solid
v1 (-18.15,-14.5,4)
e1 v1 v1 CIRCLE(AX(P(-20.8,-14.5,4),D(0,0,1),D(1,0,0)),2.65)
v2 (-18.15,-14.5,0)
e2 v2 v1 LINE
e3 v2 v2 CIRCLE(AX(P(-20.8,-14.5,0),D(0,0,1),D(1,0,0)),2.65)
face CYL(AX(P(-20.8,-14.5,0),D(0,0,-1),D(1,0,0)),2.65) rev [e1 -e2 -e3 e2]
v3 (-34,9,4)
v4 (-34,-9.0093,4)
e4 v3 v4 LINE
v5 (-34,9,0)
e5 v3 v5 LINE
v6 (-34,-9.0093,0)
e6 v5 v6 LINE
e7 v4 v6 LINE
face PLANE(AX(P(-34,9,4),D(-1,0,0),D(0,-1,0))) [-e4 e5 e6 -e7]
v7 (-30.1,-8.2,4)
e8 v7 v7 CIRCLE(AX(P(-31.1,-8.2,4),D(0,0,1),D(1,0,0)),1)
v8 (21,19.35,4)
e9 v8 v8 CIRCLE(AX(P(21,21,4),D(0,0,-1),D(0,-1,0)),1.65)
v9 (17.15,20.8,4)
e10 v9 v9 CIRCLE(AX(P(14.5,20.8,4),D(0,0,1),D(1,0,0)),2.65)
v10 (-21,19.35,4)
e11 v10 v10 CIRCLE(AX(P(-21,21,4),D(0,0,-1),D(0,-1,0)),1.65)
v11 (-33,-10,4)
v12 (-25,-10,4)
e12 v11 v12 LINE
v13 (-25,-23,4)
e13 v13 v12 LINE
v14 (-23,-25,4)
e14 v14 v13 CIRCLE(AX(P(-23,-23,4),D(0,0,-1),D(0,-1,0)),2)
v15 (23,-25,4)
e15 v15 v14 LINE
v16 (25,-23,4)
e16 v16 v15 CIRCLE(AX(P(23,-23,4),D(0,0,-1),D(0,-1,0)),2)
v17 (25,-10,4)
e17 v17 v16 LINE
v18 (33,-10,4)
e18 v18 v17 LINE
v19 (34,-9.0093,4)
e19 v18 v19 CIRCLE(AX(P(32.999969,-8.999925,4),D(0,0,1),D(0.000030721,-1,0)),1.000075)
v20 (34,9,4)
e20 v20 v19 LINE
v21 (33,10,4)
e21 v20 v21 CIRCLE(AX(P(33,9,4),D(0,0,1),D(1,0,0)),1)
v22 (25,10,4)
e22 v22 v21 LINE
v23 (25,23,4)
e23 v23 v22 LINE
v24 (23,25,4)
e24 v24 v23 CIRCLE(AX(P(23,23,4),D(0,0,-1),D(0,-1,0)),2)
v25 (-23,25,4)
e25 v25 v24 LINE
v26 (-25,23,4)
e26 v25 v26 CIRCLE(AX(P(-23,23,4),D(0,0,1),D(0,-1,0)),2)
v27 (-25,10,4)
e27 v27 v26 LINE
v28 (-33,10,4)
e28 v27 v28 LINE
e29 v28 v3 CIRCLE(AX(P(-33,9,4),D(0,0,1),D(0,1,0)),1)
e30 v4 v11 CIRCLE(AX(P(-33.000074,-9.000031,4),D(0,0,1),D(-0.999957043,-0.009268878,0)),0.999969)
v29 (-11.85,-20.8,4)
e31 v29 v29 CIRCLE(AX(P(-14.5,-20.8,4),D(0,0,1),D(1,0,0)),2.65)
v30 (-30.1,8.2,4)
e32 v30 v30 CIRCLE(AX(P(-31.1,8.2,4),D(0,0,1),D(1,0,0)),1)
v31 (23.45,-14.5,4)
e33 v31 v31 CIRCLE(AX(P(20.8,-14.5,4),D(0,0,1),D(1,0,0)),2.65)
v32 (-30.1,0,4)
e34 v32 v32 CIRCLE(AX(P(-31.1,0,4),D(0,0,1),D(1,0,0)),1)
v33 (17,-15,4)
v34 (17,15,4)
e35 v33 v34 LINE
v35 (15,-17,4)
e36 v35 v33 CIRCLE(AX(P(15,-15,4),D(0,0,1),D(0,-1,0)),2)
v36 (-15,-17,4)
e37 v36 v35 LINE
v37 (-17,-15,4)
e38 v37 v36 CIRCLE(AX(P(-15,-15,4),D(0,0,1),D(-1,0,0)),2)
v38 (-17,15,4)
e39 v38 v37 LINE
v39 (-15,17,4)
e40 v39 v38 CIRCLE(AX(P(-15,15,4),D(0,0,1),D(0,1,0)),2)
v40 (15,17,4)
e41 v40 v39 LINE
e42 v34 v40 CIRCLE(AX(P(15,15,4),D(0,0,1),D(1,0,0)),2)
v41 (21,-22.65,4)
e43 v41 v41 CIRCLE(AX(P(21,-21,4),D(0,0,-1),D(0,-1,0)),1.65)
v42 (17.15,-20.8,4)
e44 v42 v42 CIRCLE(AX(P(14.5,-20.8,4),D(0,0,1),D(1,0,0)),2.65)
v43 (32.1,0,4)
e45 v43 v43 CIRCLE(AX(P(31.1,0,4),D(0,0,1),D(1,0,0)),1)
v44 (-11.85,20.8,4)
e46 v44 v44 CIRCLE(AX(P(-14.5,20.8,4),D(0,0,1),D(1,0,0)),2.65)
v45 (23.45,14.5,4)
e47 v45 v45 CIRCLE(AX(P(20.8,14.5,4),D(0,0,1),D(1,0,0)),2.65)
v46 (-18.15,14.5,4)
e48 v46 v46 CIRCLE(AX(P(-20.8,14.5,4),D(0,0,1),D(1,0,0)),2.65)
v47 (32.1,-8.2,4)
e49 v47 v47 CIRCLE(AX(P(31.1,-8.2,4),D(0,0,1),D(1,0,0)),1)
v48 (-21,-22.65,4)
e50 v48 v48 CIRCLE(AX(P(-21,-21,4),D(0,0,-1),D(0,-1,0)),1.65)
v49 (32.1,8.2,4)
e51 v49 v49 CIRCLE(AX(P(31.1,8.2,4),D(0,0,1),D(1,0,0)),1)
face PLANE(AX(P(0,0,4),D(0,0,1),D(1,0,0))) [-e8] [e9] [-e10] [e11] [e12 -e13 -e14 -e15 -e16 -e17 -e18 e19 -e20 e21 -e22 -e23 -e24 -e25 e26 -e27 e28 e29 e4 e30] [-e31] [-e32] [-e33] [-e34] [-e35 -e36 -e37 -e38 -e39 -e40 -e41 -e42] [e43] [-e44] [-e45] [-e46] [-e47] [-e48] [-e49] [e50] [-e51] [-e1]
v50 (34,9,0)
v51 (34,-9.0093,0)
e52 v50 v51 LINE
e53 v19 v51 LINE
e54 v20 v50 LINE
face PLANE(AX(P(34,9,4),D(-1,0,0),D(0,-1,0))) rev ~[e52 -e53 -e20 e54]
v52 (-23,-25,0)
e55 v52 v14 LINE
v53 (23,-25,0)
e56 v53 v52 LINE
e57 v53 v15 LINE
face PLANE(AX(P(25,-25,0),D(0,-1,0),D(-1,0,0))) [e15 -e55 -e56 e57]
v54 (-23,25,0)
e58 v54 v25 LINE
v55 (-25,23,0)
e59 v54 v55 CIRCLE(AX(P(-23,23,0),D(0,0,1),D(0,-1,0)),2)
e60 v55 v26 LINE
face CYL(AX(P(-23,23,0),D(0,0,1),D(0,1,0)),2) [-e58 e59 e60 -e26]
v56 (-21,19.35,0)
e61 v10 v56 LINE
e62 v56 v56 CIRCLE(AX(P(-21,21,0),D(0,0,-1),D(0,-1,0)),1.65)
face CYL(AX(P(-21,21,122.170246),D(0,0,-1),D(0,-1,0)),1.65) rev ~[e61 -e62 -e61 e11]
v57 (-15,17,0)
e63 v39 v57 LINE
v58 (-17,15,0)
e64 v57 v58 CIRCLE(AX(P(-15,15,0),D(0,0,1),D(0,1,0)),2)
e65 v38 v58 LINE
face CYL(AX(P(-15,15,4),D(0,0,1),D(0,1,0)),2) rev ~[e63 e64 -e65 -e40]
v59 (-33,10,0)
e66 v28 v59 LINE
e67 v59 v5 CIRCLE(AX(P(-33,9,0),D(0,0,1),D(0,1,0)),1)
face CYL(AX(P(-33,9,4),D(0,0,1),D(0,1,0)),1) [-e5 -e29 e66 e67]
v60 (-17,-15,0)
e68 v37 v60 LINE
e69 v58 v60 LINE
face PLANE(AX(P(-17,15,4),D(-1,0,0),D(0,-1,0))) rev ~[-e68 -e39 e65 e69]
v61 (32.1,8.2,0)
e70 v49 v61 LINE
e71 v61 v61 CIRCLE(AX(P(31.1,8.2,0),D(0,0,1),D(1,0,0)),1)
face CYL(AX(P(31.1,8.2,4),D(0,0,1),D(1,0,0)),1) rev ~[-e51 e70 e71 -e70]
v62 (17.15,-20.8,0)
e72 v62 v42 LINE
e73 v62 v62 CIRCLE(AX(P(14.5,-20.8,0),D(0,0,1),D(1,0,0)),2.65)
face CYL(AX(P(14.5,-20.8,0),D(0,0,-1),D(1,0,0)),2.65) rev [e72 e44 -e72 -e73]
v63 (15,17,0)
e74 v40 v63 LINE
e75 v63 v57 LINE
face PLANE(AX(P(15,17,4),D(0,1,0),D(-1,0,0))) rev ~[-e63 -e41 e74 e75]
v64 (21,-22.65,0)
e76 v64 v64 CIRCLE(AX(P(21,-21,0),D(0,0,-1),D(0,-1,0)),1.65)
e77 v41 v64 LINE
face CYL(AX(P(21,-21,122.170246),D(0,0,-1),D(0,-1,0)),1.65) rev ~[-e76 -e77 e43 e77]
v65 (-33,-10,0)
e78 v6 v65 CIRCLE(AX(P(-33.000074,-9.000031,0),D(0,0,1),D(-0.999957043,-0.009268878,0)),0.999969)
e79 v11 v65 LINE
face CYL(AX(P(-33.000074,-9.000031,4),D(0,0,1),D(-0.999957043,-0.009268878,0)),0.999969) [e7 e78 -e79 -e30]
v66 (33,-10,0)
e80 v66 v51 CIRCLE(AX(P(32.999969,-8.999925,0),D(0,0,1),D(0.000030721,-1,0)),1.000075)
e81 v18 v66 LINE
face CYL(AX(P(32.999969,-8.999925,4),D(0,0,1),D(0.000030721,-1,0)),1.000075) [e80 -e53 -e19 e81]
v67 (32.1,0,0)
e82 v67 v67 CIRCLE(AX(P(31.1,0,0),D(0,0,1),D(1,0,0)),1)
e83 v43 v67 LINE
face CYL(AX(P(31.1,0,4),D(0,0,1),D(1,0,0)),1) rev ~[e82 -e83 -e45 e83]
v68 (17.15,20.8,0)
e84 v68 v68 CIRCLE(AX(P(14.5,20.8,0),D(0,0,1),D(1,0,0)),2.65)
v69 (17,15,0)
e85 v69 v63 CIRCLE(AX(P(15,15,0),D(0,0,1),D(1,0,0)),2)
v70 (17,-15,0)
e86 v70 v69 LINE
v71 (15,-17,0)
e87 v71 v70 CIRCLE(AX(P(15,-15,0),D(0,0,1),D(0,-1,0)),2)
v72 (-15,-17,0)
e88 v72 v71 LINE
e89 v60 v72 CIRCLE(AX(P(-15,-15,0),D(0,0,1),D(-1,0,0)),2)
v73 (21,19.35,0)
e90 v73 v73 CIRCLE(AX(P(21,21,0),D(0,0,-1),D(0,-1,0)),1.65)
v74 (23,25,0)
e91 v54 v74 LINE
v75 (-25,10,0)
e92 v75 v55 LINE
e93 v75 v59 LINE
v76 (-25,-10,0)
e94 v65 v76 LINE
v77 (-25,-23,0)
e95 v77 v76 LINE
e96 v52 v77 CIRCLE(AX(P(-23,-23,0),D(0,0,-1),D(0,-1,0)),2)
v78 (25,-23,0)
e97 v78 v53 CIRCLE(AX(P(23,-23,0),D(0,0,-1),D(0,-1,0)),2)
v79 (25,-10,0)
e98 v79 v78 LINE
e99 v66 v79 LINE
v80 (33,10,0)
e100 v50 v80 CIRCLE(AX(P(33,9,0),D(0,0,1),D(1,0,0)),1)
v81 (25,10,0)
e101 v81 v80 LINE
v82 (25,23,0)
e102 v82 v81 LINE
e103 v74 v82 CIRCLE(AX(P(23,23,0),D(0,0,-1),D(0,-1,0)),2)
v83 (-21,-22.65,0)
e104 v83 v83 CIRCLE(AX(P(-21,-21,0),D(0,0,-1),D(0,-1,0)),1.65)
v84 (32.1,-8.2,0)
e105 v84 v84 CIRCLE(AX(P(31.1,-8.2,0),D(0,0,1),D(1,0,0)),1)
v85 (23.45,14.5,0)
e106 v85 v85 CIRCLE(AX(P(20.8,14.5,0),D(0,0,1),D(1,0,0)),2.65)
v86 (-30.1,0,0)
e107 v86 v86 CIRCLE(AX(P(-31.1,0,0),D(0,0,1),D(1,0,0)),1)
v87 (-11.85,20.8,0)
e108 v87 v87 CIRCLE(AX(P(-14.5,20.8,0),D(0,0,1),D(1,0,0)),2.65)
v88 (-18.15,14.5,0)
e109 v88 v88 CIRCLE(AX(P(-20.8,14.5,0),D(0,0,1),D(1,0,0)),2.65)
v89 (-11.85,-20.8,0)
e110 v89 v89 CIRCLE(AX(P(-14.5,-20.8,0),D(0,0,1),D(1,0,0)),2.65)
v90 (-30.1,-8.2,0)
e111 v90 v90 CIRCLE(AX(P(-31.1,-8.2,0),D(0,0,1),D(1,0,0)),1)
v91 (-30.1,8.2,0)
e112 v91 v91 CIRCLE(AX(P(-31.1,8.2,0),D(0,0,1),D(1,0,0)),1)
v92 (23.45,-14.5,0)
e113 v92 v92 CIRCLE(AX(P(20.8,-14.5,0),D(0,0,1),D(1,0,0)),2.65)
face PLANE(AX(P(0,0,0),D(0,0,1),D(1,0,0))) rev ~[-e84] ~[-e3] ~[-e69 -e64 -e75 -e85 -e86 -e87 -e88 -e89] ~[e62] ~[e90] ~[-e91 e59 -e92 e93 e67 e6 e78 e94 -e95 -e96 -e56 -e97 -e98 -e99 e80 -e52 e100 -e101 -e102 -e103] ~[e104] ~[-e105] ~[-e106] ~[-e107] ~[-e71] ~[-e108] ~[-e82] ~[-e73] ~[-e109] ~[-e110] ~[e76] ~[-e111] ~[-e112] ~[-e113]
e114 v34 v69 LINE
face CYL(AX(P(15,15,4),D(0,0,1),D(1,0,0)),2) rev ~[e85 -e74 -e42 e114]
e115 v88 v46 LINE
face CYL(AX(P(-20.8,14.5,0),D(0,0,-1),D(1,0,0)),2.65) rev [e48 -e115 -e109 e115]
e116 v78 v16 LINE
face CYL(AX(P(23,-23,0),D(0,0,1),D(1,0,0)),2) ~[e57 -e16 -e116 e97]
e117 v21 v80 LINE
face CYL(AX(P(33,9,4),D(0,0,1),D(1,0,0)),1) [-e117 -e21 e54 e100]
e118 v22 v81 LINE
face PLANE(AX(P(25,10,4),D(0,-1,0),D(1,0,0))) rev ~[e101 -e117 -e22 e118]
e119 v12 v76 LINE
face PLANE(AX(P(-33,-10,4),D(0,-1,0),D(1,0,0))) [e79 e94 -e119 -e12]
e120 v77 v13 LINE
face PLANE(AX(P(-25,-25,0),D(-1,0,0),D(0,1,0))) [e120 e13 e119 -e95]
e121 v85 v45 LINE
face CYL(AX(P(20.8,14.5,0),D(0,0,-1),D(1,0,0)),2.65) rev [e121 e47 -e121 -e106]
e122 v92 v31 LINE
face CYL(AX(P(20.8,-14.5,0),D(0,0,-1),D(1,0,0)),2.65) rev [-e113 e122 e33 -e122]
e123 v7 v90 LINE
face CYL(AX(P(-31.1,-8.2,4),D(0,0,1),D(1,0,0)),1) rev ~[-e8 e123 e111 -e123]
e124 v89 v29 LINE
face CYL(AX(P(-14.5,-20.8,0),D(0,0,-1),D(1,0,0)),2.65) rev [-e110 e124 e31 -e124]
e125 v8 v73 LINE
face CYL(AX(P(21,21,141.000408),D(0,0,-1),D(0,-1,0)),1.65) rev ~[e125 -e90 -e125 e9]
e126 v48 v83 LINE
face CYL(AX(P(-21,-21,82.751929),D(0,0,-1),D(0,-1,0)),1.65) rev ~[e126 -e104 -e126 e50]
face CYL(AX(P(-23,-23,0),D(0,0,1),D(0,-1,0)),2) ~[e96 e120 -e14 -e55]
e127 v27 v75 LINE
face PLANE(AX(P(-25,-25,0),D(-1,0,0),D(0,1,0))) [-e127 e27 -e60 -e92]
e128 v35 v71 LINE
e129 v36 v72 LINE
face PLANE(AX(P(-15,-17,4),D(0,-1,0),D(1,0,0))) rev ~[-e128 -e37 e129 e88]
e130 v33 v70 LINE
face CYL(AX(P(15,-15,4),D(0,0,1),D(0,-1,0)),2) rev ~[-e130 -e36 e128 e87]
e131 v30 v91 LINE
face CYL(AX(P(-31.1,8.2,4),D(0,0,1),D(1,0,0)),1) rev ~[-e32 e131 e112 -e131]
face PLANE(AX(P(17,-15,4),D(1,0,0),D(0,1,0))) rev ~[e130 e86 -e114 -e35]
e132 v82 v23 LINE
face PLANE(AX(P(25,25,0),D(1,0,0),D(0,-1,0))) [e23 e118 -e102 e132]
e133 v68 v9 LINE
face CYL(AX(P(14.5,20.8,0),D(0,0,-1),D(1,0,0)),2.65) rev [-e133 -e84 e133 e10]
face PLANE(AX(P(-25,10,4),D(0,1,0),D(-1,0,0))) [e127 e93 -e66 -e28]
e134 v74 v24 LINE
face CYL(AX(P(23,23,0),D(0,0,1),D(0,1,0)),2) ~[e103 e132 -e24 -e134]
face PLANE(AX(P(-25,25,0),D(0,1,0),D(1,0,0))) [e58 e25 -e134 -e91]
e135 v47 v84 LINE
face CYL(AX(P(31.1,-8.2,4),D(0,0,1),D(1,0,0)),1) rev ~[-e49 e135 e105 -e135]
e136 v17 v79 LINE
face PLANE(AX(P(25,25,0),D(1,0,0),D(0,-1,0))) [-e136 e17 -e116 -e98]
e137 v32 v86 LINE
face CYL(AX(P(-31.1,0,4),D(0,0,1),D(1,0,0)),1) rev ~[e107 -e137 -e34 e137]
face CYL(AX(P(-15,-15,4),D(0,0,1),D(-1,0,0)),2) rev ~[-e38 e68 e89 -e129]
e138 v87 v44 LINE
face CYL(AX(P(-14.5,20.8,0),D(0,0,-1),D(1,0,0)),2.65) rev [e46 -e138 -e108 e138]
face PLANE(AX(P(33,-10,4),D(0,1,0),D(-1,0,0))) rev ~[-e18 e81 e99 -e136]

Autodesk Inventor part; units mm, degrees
ref_plane "YZ Plane" through (0, 0, 0) normal (1, 0, 0) x (0, 1, 0)
ref_plane "XZ Plane" through (0, 0, 0) normal (0, 1, 0) x (-1, 0, 0)
sketch "Sketch1" plane through (0, 0, 0) normal (0, 0, 1) x (1, 0, 0)
  line L0 (-25, 25) -> (25, 25)
  line L1 (25, 25) -> (25, -25)
  line L2 (25, -25) -> (-25, -25)
  line L3 (-25, -25) -> (-25, 25)
  line L4 (-25, 25) -> (25, -25) construction
  line L5 (25, 25) -> (-25, -25) construction
  circle A0 centre (0, 0) radius 2.5
  circle A1 centre (-20.8, -14.5) radius 2.65
  circle A2 centre (-14.5, -20.8) radius 2.65
  circle A3 centre (-20.8, 14.5) radius 2.65
  circle A4 centre (20.8, -14.5) radius 2.65
  circle A5 centre (20.8, 14.5) radius 2.65
  circle A6 centre (-14.5, 20.8) radius 2.65
  circle A7 centre (14.5, -20.8) radius 2.65
  circle A8 centre (14.5, 20.8) radius 2.65
  dimension "d0" = 50
  dimension "d1" = 50
  dimension "d2" = 5
  dimension "d5" = 5.3
  dimension "d6" = 4.2
  dimension "d8" = 10.5
  dimension "d11" = 29
  dimension "d14" = 41.6
extrude "Extrusion1" add sketch "Sketch1" along normal blind 4
fillet "Fillet1" radius 2 4 edges at (-25, 25, 2) (25, 25, 2) (-25, -25, 2) (25, -25, 2)
sketch "Sketch2" plane through (0, 0, 4) normal (0, 0, 1) x (1, 0, 0)
  arc A0 (23, -25) -> (25, -23) centre (23, -23) ccw projected
  line L0 (25, -23) -> (25, 23) projected
  arc A1 (25, 23) -> (23, 25) centre (23, 23) ccw projected
  line L1 (23, 25) -> (-23, 25) projected
  arc A2 (-23, 25) -> (-25, 23) centre (-23, 23) ccw projected
  line L2 (-25, 23) -> (-25, -23) projected
  arc A3 (-25, -23) -> (-23, -25) centre (-23, -23) ccw projected
  line L3 (-23, -25) -> (23, -25) projected
  circle A4 centre (14.5, 20.8) radius 2.65 projected
  circle A5 centre (-14.5, 20.8) radius 2.65 projected
  circle A6 centre (14.5, -20.8) radius 2.65 projected
  circle A7 centre (20.8, 14.5) radius 2.65 projected
  circle A8 centre (20.8, -14.5) radius 2.65 projected
  circle A9 centre (-20.8, 14.5) radius 2.65 projected
  circle A10 centre (-14.5, -20.8) radius 2.65 projected
  circle A11 centre (-20.8, -14.5) radius 2.65 projected
  circle A12 centre (0, 0) radius 2.5 projected
  line L4 (21, -21) -> (-21, -21)
  line L5 (-21, -21) -> (-21, 21)
  line L6 (-21, 21) -> (21, 21)
  line L7 (21, 21) -> (21, -21)
  line L8 (21, -21) -> (-21, 21) construction
  line L9 (-21, -21) -> (21, 21) construction
  circle A13 centre (-28.6, 21.06) radius 1.55 projected
  dimension "d18" = 42
  dimension "d19" = 42
hole "Hole1" at (-21, 21, 4) at (21, 21, 4) at (21, -21, 4) at (-21, -21, 4) direction (0, 0, -1) diameter 3.3 end through all both
sketch "Sketch4" plane through (0, 0, 4) normal (0, 0, 1) x (1, 0, 0)
  circle A0 centre (21, -21) radius 1.65 construction
  circle A1 centre (-21, 21) radius 1.65 construction
  circle A2 centre (21, 21) radius 1.65 construction
  circle A3 centre (-21, -21) radius 1.65 construction
  arc A4 (23, -25) -> (25, -23) centre (23, -23) ccw projected
  line L0 (25, -23) -> (25, 23) projected
  arc A5 (25, 23) -> (23, 25) centre (23, 23) ccw projected
  line L1 (23, 25) -> (-23, 25) projected
  arc A6 (-23, 25) -> (-25, 23) centre (-23, 23) ccw projected
  line L2 (-25, 23) -> (-25, -23) projected
  arc A7 (-25, -23) -> (-23, -25) centre (-23, -23) ccw projected
  line L3 (-23, -25) -> (23, -25) projected
  circle A8 centre (14.5, 20.8) radius 2.65 construction
  circle A9 centre (-14.5, 20.8) radius 2.65 construction
  circle A10 centre (14.5, -20.8) radius 2.65 construction
  circle A11 centre (20.8, 14.5) radius 2.65 construction
  circle A12 centre (20.8, -14.5) radius 2.65 construction
  circle A13 centre (-20.8, 14.5) radius 2.65 construction
  circle A14 centre (-14.5, -20.8) radius 2.65 construction
  circle A15 centre (-20.8, -14.5) radius 2.65 construction
  circle A16 centre (0, 0) radius 2.5 construction
  line L4 (17, -15) -> (17, 15)
  line L5 (15, 17) -> (-15, 17)
  line L6 (-17, 15) -> (-17, -15)
  line L7 (-15, -17) -> (15, -17)
  arc A17 (15, -17) -> (17, -15) centre (15, -15) ccw
  arc A18 (-17, -15) -> (-15, -17) centre (-15, -15) ccw
  arc A19 (-15, 17) -> (-17, 15) centre (-15, 15) ccw
  arc A20 (17, 15) -> (15, 17) centre (15, 15) ccw
  dimension "d34" = 8
  dimension "d35" = 2
extrude "Extrusion2" cut sketch "Sketch4" against normal through all contours A17 L7 A18 L6 A19 L5 A20 L4
sketch "Sketch5" plane through (0, 0, 4) normal (0, 0, 1) x (1, 0, 0)
  arc A0 (17, 15) -> (15, 17) centre (15, 15) ccw construction
  line L0 (17, 15) -> (17, -15) construction
  arc A1 (15, -17) -> (17, -15) centre (15, -15) ccw construction
  line L1 (15, -17) -> (-15, -17) construction
  arc A2 (-17, -15) -> (-15, -17) centre (-15, -15) ccw construction
  line L2 (-17, -15) -> (-17, 15) construction
  arc A3 (-15, 17) -> (-17, 15) centre (-15, 15) ccw construction
  line L3 (-15, 17) -> (15, 17) construction
  circle A4 centre (21, -21) radius 1.65 construction
  circle A5 centre (-21, 21) radius 1.65 construction
  circle A6 centre (21, 21) radius 1.65 construction
  circle A7 centre (-21, -21) radius 1.65 construction
  arc A8 (23, -25) -> (25, -23) centre (23, -23) ccw construction
  line L4 (25, -23) -> (25, 23) construction
  arc A9 (25, 23) -> (23, 25) centre (23, 23) ccw construction
  line L5 (23, 25) -> (-23, 25) construction
  arc A10 (-23, 25) -> (-25, 23) centre (-23, 23) ccw construction
  line L6 (-25, 23) -> (-25, -23) construction
  arc A11 (-25, -23) -> (-23, -25) centre (-23, -23) ccw construction
  line L7 (-23, -25) -> (23, -25) construction
  circle A12 centre (14.5, 20.8) radius 2.65 construction
  circle A13 centre (-14.5, 20.8) radius 2.65 construction
  circle A14 centre (14.5, -20.8) radius 2.65 construction
  circle A15 centre (20.8, 14.5) radius 2.65 construction
  circle A16 centre (20.8, -14.5) radius 2.65 construction
  circle A17 centre (-20.8, 14.5) radius 2.65 construction
  circle A18 centre (-14.5, -20.8) radius 2.65 construction
  circle A19 centre (-20.8, -14.5) radius 2.65 construction
  circle A20 centre (31.1, -8.2) radius 1
  circle A21 centre (31.1, 0) radius 1
  circle A22 centre (31.1, 8.2) radius 1
  line L8 (25, 23) -> (25, -23) projected
  line L9 (33, -10) -> (25, -10)
  line L10 (25, -10) -> (25, 10)
  line L11 (25, 10) -> (33, 10)
  line L12 (0, 45.5) -> (0, -45.5) construction
  arc A23 (33, -10) -> (34, -9.0093) centre (33, -9) ccw
  arc A24 (34, 9) -> (33, 10) centre (33, 9) ccw
  line L13 (45.5, 0) -> (-45.5, 0) construction
  line L14 (-34, -9.0093) -> (-34, 9) construction
  circle A25 centre (-31.1, -8.2) radius 1
  circle A26 centre (-31.1, 0) radius 1
  circle A27 centre (-31.1, 8.2) radius 1
  line L15 (-33, -10) -> (-25, -10)
  line L16 (-25, -10) -> (-25, 10)
  line L17 (-25, 10) -> (-33, 10)
  line L18 (-34, 9) -> (-34, -9.0093)
  arc A28 (-34, -9.0093) -> (-33, -10) centre (-33, -9) ccw
  arc A29 (-33, 10) -> (-34, 9) centre (-33, 9) ccw
  line L19 (34, 9) -> (34, -9.0093)
  point P0 (0, 0)
  point P1 (34, -10)
  point P2 (32.5, 10)
  point P3 (-34, -10)
  point P4 (-32.5, 10)
  dimension "d38" = 20
  dimension "d39" = 1
  dimension "d40" = 1
  dimension "d43" = 9
ref_plane "Work Plane1" through (-32.5, -32.5, -1) normal (0, 0, -1) x (0, 1, 0)
extrude "Extrusion3" add sketch "Sketch5" against normal up to surface (4 mm away)
properties part number "20_IM_LED_holder"
